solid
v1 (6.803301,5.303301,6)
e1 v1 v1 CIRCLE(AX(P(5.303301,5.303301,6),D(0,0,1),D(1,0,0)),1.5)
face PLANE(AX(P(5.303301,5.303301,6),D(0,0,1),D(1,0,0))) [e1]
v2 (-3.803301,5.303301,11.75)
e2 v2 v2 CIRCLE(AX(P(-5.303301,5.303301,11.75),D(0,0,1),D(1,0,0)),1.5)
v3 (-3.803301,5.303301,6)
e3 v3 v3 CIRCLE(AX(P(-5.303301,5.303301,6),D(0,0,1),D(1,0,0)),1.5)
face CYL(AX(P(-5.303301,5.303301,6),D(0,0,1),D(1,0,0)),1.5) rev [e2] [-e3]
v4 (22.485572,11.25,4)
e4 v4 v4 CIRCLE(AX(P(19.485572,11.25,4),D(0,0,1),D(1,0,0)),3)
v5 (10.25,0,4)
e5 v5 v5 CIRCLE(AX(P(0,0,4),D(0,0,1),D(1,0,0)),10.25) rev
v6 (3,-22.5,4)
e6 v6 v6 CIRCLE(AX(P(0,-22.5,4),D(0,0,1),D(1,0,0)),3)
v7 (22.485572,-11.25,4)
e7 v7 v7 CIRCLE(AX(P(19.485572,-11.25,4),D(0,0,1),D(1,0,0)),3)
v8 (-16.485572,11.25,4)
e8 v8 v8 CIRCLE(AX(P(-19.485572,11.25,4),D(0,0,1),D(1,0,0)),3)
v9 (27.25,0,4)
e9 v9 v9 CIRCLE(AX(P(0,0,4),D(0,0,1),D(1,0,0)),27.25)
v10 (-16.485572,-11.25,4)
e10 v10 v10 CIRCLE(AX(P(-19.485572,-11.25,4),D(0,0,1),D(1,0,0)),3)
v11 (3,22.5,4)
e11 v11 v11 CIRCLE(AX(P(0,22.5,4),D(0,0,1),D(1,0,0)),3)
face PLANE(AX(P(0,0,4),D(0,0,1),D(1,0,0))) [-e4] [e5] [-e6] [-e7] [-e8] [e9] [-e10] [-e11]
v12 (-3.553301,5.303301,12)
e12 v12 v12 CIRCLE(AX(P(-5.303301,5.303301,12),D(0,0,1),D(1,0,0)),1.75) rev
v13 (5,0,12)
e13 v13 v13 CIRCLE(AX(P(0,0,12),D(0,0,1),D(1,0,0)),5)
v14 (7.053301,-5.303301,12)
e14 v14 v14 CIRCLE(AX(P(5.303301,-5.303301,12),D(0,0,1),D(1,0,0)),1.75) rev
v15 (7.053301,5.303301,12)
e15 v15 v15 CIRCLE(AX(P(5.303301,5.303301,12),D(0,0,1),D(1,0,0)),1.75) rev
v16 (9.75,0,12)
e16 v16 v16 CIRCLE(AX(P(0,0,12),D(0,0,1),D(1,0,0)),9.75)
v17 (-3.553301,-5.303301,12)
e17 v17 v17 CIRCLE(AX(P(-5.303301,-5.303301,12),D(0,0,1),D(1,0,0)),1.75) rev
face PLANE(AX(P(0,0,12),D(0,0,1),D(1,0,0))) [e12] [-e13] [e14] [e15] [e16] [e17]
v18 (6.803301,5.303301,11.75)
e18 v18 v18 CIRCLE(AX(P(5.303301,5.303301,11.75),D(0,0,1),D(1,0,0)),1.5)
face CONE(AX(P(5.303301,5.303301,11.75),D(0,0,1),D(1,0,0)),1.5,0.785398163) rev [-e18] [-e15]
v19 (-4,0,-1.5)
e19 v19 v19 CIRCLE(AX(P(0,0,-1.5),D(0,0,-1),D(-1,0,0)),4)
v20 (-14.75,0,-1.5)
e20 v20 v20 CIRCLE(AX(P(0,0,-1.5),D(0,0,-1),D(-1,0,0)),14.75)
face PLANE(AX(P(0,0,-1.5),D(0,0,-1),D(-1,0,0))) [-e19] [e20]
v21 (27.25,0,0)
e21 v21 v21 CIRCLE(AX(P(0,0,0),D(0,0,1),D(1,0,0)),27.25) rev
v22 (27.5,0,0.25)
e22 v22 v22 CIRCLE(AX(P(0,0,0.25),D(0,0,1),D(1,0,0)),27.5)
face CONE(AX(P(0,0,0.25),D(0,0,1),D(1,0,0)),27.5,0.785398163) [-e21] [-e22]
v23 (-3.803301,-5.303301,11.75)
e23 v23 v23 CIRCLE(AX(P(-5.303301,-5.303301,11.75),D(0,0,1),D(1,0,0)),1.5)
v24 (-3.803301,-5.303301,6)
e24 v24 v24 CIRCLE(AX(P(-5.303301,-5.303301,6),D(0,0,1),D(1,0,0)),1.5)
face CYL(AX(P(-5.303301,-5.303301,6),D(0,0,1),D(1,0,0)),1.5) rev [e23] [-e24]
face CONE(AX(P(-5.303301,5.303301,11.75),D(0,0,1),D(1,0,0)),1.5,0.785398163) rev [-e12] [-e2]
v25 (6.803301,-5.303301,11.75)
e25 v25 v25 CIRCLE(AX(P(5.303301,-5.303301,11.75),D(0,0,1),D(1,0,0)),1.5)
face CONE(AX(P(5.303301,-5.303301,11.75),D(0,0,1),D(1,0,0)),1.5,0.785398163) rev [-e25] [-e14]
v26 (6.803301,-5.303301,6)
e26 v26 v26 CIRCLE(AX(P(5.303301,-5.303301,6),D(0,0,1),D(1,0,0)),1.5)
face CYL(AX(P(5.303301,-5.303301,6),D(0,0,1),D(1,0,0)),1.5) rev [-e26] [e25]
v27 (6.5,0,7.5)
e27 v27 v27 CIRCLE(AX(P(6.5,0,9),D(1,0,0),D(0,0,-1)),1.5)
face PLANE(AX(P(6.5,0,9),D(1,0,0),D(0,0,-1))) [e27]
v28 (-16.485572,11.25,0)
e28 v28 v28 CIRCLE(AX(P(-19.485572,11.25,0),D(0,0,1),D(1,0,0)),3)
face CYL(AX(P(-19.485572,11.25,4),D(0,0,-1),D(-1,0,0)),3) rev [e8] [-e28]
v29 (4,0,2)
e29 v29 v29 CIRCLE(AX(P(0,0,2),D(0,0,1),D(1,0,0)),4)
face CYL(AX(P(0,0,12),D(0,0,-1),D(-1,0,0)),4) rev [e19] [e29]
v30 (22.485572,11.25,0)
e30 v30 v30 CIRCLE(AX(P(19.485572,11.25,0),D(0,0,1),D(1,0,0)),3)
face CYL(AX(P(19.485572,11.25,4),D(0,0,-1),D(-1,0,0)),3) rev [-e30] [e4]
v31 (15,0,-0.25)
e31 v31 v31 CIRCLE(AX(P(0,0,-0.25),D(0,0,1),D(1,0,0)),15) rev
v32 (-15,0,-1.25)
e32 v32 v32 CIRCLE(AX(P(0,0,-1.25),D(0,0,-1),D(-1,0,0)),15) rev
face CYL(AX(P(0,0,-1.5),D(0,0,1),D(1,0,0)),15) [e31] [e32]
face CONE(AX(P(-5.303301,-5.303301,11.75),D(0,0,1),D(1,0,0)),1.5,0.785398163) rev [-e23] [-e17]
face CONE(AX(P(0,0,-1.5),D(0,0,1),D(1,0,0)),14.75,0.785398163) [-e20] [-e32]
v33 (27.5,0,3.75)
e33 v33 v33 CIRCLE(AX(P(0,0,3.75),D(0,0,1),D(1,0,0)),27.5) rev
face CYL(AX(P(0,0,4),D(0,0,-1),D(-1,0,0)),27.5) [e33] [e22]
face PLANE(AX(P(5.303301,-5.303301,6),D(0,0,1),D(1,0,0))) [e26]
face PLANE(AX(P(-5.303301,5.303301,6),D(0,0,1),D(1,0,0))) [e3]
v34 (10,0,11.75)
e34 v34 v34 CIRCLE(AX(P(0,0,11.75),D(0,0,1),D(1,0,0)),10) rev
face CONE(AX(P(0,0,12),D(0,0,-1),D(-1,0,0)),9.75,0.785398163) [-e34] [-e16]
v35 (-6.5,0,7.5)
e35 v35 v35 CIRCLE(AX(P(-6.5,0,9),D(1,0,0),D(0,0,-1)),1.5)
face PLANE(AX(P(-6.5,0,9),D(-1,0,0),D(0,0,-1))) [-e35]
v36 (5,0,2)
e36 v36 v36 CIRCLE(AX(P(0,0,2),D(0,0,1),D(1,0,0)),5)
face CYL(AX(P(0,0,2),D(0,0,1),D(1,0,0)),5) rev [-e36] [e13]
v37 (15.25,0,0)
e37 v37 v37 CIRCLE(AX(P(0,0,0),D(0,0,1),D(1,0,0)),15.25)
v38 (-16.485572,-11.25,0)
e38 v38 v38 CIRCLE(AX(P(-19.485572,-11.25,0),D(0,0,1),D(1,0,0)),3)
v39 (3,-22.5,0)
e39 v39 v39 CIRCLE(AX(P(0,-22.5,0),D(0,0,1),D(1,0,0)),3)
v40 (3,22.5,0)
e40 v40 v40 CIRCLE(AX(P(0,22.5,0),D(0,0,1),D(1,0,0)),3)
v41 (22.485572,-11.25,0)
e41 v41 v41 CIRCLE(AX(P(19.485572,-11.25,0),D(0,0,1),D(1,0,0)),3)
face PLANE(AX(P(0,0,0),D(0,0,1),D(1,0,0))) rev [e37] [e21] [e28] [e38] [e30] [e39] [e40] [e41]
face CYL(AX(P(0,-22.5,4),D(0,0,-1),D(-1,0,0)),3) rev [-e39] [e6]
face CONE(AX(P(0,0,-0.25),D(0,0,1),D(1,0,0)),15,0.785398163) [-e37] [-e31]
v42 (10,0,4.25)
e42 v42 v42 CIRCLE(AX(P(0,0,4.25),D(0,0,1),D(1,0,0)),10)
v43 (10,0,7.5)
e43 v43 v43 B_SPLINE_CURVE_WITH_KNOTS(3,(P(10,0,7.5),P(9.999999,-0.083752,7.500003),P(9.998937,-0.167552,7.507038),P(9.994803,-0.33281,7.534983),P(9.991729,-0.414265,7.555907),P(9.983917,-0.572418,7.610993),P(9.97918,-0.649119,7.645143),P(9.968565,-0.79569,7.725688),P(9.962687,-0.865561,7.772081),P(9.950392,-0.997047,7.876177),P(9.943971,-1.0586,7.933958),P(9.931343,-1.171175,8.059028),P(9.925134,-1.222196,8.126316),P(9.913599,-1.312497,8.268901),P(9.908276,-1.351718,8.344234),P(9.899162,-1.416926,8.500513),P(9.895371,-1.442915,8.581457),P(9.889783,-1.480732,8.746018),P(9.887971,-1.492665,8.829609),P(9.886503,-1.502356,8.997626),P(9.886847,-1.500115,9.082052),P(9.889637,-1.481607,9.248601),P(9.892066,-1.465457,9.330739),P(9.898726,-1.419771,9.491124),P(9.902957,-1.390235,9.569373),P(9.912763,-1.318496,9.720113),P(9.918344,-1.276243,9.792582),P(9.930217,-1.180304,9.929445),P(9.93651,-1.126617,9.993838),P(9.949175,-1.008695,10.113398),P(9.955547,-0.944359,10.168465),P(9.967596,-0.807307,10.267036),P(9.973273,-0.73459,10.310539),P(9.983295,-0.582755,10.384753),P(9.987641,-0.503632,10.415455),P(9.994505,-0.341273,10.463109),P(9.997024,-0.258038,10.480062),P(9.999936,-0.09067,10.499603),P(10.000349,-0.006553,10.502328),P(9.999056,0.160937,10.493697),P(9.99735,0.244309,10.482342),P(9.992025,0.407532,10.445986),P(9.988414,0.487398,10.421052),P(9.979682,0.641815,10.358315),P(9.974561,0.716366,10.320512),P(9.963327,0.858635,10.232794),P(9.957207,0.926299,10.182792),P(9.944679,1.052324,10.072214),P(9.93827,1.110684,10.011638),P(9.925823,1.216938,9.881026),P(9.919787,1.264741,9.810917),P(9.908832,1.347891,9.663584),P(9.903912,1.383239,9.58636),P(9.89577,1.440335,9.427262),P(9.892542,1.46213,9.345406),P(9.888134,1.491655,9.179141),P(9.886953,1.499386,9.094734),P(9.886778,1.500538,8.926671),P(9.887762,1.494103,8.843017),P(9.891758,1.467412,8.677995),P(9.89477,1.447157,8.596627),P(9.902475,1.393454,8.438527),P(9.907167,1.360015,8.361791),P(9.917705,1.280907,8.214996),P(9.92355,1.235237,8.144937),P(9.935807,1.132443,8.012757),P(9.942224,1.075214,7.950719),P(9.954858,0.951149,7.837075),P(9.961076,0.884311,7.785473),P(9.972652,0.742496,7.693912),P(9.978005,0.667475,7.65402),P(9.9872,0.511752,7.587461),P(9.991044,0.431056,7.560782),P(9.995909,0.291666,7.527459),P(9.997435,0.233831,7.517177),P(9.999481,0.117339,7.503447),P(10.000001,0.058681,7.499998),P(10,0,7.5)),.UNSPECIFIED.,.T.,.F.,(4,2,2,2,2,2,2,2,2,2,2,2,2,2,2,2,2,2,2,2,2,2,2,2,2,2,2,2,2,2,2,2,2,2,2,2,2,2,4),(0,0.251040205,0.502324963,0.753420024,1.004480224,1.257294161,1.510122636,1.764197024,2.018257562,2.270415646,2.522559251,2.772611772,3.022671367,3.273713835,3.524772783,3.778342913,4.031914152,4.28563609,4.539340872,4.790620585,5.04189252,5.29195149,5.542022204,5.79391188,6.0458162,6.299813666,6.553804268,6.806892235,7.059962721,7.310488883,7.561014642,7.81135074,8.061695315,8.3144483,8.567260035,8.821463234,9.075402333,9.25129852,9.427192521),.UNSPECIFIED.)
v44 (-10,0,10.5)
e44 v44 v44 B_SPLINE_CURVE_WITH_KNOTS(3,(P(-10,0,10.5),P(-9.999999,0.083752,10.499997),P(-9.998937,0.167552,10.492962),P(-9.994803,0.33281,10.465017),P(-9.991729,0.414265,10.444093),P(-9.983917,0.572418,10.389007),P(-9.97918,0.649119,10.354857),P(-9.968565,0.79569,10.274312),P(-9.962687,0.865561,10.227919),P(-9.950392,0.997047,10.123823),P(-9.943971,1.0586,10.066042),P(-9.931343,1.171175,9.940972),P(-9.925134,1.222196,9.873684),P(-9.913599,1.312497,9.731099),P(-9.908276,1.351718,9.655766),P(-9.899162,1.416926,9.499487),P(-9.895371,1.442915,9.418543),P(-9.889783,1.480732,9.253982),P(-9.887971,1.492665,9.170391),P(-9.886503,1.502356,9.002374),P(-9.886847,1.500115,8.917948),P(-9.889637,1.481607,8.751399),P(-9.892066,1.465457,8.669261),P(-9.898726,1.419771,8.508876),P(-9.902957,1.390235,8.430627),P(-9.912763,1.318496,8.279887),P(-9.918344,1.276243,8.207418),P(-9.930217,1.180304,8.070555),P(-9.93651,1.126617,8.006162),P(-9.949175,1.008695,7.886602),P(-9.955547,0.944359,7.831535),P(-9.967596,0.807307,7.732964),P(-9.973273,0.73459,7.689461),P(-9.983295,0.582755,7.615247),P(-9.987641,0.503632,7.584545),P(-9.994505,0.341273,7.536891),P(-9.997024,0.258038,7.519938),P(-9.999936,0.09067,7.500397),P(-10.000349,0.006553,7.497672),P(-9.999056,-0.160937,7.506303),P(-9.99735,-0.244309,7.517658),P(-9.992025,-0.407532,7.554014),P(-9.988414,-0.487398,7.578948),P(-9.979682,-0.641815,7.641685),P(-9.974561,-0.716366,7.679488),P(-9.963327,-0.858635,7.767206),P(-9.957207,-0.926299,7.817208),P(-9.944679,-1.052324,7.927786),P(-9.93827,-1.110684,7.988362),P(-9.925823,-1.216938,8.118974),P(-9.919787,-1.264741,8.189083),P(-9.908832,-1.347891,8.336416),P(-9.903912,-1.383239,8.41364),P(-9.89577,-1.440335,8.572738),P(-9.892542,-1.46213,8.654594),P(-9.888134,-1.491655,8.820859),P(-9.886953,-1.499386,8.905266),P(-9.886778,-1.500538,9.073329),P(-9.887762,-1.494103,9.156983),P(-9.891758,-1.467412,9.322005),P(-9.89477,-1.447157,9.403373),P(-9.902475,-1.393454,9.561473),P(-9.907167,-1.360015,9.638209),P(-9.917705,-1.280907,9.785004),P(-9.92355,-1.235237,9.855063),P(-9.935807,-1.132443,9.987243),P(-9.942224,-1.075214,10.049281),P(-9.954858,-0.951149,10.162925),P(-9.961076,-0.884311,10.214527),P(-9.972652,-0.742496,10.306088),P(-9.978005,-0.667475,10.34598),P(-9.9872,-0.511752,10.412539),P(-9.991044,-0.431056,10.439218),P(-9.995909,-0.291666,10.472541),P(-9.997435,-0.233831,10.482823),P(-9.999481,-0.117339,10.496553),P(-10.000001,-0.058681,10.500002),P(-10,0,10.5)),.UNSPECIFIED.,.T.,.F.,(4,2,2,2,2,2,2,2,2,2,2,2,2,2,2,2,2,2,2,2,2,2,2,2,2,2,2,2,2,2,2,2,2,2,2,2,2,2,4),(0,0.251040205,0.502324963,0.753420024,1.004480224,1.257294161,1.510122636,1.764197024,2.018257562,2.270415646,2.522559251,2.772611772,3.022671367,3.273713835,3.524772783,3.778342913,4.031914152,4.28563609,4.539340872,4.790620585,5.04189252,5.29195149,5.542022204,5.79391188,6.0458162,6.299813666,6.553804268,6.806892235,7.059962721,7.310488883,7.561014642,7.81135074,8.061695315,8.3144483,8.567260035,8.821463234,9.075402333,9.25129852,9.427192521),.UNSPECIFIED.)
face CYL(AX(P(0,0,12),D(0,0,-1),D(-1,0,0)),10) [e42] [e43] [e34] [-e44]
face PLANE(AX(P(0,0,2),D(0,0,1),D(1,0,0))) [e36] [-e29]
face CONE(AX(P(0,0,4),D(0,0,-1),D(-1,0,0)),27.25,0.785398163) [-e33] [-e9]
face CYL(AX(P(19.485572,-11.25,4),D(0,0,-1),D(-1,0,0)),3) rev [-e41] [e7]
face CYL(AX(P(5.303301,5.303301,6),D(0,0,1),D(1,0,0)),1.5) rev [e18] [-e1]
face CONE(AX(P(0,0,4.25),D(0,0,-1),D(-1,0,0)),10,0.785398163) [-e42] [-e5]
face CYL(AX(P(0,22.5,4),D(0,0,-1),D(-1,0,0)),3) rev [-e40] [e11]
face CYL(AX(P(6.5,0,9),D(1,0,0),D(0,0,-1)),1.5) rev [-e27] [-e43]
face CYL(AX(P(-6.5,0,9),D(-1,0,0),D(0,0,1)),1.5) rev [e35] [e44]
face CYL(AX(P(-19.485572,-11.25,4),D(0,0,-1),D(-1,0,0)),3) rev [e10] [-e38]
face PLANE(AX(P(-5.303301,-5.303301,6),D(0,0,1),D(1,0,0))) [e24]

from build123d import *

# Parameters (mm, degrees)
SKETCH1_R           = 27.5
SKETCH1_R_2         = 3
BOSS_EXTRUDE1_DEPTH = 4
SKETCH2_R           = 10
BOSS_EXTRUDE2_DEPTH = 8
SKETCH3_R           = 15
BOSS_EXTRUDE3_DEPTH = 1.5
SKETCH4_R           = 1.5
CUT_EXTRUDE2_DEPTH  = 6
CUT_EXTRUDE3_START  = 10
SKETCH5_R           = 1.5
CUT_EXTRUDE3_DEPTH  = 3.5
SKETCH6_R           = 5
CUT_EXTRUDE4_DEPTH  = 10
SKETCH7_R           = 4
CUT_EXTRUDE5_DEPTH  = 42.167341458
CHAMFER1_SIZE       = 0.25
CHAMFER2_SIZE       = 0.25


with BuildPart() as part:
    # Sketch1 → Boss-Extrude1 (new body)
    with BuildSketch(Plane.XY):
        Circle(SKETCH1_R)
        with Locations((0, 22.5)):
            Circle(SKETCH1_R_2, mode=Mode.SUBTRACT)
        with Locations((19.485571585, 11.25)):
            Circle(SKETCH1_R_2, mode=Mode.SUBTRACT)
        with Locations((19.485571585, -11.25)):
            Circle(SKETCH1_R_2, mode=Mode.SUBTRACT)
        with Locations((0, -22.5)):
            Circle(SKETCH1_R_2, mode=Mode.SUBTRACT)
        with Locations((-19.485571585, -11.25)):
            Circle(SKETCH1_R_2, mode=Mode.SUBTRACT)
        with Locations((-19.485571585, 11.25)):
            Circle(SKETCH1_R_2, mode=Mode.SUBTRACT)
    extrude(amount=BOSS_EXTRUDE1_DEPTH)

    # Sketch2 → Boss-Extrude2 (add)
    with BuildSketch(Plane.XY.offset(4)):
        Circle(SKETCH2_R)
    extrude(amount=BOSS_EXTRUDE2_DEPTH)

    # Sketch3 → Boss-Extrude3 (add)
    with BuildSketch(Plane(origin=(0, 0, 0), x_dir=(-1, 0, 0), z_dir=(0, 0, -1))):
        with Locations(Location((0, 0, 0), (0, 0, 180))):
            Circle(SKETCH3_R)
    extrude(amount=BOSS_EXTRUDE3_DEPTH)

    # Sketch4 → Cut-Extrude2 (cut)
    with BuildSketch(Plane.XY.offset(12)):
        with Locations((-5.303300859, 5.303300859)):
            Circle(SKETCH4_R)
        with Locations((5.303300859, 5.303300859)):
            Circle(SKETCH4_R)
        with Locations((5.303300859, -5.303300859)):
            Circle(SKETCH4_R)
        with Locations((-5.303300859, -5.303300859)):
            Circle(SKETCH4_R)
    extrude(amount=-CUT_EXTRUDE2_DEPTH, mode=Mode.SUBTRACT)

    # Sketch5 → Cut-Extrude3 (cut)
    with BuildSketch(Plane(origin=(0, 0, 0), x_dir=(0, 0, -1), z_dir=(1, 0, 0)).offset(CUT_EXTRUDE3_START)):
        with Locations((-9, 0)):
            Circle(SKETCH5_R)
    cut_extrude3 = extrude(amount=-CUT_EXTRUDE3_DEPTH, mode=Mode.SUBTRACT)

    # Mirror1: Cut-Extrude3 across plane
    add(cut_extrude3.mirror(Plane(origin=(0, 0, 0), x_dir=(0, 0, 1), z_dir=(1, 0, 0))), mode=Mode.SUBTRACT)

    # Sketch6 → Cut-Extrude4 (cut)
    with BuildSketch(Plane.XY.offset(12)):
        Circle(SKETCH6_R)
    extrude(amount=-CUT_EXTRUDE4_DEPTH, mode=Mode.SUBTRACT)

    # Sketch7 → Cut-Extrude5 (cut, through all)
    with BuildSketch(Plane(origin=(0, 0, -1.5), x_dir=(-1, 0, 0), z_dir=(0, 0, -1))):
        Circle(SKETCH7_R)
    extrude(amount=-CUT_EXTRUDE5_DEPTH, mode=Mode.SUBTRACT)

    # Chamfer1
    chamfer1_edges = [part.edges().sort_by_distance(p)[0] for p in [
        (-6.803300859, -5.303300859, 12),
        (3.803300859, -5.303300859, 12),
        (3.803300859, 5.303300859, 12),
        (-6.803300859, 5.303300859, 12),
    ]]
    chamfer(chamfer1_edges, length=CHAMFER1_SIZE)

    # Chamfer2
    chamfer2_edges = [part.edges().sort_by_distance(p)[0] for p in [
        (-27.5, 0, 0),
        (-10, 0, 4),
        (-10, 0, 12),
        (-15, 0, 0),
        (-15, 0, -1.5),
        (-27.5, 0, 4),
    ]]
    chamfer(chamfer2_edges, length=CHAMFER2_SIZE)


solid = part.part
